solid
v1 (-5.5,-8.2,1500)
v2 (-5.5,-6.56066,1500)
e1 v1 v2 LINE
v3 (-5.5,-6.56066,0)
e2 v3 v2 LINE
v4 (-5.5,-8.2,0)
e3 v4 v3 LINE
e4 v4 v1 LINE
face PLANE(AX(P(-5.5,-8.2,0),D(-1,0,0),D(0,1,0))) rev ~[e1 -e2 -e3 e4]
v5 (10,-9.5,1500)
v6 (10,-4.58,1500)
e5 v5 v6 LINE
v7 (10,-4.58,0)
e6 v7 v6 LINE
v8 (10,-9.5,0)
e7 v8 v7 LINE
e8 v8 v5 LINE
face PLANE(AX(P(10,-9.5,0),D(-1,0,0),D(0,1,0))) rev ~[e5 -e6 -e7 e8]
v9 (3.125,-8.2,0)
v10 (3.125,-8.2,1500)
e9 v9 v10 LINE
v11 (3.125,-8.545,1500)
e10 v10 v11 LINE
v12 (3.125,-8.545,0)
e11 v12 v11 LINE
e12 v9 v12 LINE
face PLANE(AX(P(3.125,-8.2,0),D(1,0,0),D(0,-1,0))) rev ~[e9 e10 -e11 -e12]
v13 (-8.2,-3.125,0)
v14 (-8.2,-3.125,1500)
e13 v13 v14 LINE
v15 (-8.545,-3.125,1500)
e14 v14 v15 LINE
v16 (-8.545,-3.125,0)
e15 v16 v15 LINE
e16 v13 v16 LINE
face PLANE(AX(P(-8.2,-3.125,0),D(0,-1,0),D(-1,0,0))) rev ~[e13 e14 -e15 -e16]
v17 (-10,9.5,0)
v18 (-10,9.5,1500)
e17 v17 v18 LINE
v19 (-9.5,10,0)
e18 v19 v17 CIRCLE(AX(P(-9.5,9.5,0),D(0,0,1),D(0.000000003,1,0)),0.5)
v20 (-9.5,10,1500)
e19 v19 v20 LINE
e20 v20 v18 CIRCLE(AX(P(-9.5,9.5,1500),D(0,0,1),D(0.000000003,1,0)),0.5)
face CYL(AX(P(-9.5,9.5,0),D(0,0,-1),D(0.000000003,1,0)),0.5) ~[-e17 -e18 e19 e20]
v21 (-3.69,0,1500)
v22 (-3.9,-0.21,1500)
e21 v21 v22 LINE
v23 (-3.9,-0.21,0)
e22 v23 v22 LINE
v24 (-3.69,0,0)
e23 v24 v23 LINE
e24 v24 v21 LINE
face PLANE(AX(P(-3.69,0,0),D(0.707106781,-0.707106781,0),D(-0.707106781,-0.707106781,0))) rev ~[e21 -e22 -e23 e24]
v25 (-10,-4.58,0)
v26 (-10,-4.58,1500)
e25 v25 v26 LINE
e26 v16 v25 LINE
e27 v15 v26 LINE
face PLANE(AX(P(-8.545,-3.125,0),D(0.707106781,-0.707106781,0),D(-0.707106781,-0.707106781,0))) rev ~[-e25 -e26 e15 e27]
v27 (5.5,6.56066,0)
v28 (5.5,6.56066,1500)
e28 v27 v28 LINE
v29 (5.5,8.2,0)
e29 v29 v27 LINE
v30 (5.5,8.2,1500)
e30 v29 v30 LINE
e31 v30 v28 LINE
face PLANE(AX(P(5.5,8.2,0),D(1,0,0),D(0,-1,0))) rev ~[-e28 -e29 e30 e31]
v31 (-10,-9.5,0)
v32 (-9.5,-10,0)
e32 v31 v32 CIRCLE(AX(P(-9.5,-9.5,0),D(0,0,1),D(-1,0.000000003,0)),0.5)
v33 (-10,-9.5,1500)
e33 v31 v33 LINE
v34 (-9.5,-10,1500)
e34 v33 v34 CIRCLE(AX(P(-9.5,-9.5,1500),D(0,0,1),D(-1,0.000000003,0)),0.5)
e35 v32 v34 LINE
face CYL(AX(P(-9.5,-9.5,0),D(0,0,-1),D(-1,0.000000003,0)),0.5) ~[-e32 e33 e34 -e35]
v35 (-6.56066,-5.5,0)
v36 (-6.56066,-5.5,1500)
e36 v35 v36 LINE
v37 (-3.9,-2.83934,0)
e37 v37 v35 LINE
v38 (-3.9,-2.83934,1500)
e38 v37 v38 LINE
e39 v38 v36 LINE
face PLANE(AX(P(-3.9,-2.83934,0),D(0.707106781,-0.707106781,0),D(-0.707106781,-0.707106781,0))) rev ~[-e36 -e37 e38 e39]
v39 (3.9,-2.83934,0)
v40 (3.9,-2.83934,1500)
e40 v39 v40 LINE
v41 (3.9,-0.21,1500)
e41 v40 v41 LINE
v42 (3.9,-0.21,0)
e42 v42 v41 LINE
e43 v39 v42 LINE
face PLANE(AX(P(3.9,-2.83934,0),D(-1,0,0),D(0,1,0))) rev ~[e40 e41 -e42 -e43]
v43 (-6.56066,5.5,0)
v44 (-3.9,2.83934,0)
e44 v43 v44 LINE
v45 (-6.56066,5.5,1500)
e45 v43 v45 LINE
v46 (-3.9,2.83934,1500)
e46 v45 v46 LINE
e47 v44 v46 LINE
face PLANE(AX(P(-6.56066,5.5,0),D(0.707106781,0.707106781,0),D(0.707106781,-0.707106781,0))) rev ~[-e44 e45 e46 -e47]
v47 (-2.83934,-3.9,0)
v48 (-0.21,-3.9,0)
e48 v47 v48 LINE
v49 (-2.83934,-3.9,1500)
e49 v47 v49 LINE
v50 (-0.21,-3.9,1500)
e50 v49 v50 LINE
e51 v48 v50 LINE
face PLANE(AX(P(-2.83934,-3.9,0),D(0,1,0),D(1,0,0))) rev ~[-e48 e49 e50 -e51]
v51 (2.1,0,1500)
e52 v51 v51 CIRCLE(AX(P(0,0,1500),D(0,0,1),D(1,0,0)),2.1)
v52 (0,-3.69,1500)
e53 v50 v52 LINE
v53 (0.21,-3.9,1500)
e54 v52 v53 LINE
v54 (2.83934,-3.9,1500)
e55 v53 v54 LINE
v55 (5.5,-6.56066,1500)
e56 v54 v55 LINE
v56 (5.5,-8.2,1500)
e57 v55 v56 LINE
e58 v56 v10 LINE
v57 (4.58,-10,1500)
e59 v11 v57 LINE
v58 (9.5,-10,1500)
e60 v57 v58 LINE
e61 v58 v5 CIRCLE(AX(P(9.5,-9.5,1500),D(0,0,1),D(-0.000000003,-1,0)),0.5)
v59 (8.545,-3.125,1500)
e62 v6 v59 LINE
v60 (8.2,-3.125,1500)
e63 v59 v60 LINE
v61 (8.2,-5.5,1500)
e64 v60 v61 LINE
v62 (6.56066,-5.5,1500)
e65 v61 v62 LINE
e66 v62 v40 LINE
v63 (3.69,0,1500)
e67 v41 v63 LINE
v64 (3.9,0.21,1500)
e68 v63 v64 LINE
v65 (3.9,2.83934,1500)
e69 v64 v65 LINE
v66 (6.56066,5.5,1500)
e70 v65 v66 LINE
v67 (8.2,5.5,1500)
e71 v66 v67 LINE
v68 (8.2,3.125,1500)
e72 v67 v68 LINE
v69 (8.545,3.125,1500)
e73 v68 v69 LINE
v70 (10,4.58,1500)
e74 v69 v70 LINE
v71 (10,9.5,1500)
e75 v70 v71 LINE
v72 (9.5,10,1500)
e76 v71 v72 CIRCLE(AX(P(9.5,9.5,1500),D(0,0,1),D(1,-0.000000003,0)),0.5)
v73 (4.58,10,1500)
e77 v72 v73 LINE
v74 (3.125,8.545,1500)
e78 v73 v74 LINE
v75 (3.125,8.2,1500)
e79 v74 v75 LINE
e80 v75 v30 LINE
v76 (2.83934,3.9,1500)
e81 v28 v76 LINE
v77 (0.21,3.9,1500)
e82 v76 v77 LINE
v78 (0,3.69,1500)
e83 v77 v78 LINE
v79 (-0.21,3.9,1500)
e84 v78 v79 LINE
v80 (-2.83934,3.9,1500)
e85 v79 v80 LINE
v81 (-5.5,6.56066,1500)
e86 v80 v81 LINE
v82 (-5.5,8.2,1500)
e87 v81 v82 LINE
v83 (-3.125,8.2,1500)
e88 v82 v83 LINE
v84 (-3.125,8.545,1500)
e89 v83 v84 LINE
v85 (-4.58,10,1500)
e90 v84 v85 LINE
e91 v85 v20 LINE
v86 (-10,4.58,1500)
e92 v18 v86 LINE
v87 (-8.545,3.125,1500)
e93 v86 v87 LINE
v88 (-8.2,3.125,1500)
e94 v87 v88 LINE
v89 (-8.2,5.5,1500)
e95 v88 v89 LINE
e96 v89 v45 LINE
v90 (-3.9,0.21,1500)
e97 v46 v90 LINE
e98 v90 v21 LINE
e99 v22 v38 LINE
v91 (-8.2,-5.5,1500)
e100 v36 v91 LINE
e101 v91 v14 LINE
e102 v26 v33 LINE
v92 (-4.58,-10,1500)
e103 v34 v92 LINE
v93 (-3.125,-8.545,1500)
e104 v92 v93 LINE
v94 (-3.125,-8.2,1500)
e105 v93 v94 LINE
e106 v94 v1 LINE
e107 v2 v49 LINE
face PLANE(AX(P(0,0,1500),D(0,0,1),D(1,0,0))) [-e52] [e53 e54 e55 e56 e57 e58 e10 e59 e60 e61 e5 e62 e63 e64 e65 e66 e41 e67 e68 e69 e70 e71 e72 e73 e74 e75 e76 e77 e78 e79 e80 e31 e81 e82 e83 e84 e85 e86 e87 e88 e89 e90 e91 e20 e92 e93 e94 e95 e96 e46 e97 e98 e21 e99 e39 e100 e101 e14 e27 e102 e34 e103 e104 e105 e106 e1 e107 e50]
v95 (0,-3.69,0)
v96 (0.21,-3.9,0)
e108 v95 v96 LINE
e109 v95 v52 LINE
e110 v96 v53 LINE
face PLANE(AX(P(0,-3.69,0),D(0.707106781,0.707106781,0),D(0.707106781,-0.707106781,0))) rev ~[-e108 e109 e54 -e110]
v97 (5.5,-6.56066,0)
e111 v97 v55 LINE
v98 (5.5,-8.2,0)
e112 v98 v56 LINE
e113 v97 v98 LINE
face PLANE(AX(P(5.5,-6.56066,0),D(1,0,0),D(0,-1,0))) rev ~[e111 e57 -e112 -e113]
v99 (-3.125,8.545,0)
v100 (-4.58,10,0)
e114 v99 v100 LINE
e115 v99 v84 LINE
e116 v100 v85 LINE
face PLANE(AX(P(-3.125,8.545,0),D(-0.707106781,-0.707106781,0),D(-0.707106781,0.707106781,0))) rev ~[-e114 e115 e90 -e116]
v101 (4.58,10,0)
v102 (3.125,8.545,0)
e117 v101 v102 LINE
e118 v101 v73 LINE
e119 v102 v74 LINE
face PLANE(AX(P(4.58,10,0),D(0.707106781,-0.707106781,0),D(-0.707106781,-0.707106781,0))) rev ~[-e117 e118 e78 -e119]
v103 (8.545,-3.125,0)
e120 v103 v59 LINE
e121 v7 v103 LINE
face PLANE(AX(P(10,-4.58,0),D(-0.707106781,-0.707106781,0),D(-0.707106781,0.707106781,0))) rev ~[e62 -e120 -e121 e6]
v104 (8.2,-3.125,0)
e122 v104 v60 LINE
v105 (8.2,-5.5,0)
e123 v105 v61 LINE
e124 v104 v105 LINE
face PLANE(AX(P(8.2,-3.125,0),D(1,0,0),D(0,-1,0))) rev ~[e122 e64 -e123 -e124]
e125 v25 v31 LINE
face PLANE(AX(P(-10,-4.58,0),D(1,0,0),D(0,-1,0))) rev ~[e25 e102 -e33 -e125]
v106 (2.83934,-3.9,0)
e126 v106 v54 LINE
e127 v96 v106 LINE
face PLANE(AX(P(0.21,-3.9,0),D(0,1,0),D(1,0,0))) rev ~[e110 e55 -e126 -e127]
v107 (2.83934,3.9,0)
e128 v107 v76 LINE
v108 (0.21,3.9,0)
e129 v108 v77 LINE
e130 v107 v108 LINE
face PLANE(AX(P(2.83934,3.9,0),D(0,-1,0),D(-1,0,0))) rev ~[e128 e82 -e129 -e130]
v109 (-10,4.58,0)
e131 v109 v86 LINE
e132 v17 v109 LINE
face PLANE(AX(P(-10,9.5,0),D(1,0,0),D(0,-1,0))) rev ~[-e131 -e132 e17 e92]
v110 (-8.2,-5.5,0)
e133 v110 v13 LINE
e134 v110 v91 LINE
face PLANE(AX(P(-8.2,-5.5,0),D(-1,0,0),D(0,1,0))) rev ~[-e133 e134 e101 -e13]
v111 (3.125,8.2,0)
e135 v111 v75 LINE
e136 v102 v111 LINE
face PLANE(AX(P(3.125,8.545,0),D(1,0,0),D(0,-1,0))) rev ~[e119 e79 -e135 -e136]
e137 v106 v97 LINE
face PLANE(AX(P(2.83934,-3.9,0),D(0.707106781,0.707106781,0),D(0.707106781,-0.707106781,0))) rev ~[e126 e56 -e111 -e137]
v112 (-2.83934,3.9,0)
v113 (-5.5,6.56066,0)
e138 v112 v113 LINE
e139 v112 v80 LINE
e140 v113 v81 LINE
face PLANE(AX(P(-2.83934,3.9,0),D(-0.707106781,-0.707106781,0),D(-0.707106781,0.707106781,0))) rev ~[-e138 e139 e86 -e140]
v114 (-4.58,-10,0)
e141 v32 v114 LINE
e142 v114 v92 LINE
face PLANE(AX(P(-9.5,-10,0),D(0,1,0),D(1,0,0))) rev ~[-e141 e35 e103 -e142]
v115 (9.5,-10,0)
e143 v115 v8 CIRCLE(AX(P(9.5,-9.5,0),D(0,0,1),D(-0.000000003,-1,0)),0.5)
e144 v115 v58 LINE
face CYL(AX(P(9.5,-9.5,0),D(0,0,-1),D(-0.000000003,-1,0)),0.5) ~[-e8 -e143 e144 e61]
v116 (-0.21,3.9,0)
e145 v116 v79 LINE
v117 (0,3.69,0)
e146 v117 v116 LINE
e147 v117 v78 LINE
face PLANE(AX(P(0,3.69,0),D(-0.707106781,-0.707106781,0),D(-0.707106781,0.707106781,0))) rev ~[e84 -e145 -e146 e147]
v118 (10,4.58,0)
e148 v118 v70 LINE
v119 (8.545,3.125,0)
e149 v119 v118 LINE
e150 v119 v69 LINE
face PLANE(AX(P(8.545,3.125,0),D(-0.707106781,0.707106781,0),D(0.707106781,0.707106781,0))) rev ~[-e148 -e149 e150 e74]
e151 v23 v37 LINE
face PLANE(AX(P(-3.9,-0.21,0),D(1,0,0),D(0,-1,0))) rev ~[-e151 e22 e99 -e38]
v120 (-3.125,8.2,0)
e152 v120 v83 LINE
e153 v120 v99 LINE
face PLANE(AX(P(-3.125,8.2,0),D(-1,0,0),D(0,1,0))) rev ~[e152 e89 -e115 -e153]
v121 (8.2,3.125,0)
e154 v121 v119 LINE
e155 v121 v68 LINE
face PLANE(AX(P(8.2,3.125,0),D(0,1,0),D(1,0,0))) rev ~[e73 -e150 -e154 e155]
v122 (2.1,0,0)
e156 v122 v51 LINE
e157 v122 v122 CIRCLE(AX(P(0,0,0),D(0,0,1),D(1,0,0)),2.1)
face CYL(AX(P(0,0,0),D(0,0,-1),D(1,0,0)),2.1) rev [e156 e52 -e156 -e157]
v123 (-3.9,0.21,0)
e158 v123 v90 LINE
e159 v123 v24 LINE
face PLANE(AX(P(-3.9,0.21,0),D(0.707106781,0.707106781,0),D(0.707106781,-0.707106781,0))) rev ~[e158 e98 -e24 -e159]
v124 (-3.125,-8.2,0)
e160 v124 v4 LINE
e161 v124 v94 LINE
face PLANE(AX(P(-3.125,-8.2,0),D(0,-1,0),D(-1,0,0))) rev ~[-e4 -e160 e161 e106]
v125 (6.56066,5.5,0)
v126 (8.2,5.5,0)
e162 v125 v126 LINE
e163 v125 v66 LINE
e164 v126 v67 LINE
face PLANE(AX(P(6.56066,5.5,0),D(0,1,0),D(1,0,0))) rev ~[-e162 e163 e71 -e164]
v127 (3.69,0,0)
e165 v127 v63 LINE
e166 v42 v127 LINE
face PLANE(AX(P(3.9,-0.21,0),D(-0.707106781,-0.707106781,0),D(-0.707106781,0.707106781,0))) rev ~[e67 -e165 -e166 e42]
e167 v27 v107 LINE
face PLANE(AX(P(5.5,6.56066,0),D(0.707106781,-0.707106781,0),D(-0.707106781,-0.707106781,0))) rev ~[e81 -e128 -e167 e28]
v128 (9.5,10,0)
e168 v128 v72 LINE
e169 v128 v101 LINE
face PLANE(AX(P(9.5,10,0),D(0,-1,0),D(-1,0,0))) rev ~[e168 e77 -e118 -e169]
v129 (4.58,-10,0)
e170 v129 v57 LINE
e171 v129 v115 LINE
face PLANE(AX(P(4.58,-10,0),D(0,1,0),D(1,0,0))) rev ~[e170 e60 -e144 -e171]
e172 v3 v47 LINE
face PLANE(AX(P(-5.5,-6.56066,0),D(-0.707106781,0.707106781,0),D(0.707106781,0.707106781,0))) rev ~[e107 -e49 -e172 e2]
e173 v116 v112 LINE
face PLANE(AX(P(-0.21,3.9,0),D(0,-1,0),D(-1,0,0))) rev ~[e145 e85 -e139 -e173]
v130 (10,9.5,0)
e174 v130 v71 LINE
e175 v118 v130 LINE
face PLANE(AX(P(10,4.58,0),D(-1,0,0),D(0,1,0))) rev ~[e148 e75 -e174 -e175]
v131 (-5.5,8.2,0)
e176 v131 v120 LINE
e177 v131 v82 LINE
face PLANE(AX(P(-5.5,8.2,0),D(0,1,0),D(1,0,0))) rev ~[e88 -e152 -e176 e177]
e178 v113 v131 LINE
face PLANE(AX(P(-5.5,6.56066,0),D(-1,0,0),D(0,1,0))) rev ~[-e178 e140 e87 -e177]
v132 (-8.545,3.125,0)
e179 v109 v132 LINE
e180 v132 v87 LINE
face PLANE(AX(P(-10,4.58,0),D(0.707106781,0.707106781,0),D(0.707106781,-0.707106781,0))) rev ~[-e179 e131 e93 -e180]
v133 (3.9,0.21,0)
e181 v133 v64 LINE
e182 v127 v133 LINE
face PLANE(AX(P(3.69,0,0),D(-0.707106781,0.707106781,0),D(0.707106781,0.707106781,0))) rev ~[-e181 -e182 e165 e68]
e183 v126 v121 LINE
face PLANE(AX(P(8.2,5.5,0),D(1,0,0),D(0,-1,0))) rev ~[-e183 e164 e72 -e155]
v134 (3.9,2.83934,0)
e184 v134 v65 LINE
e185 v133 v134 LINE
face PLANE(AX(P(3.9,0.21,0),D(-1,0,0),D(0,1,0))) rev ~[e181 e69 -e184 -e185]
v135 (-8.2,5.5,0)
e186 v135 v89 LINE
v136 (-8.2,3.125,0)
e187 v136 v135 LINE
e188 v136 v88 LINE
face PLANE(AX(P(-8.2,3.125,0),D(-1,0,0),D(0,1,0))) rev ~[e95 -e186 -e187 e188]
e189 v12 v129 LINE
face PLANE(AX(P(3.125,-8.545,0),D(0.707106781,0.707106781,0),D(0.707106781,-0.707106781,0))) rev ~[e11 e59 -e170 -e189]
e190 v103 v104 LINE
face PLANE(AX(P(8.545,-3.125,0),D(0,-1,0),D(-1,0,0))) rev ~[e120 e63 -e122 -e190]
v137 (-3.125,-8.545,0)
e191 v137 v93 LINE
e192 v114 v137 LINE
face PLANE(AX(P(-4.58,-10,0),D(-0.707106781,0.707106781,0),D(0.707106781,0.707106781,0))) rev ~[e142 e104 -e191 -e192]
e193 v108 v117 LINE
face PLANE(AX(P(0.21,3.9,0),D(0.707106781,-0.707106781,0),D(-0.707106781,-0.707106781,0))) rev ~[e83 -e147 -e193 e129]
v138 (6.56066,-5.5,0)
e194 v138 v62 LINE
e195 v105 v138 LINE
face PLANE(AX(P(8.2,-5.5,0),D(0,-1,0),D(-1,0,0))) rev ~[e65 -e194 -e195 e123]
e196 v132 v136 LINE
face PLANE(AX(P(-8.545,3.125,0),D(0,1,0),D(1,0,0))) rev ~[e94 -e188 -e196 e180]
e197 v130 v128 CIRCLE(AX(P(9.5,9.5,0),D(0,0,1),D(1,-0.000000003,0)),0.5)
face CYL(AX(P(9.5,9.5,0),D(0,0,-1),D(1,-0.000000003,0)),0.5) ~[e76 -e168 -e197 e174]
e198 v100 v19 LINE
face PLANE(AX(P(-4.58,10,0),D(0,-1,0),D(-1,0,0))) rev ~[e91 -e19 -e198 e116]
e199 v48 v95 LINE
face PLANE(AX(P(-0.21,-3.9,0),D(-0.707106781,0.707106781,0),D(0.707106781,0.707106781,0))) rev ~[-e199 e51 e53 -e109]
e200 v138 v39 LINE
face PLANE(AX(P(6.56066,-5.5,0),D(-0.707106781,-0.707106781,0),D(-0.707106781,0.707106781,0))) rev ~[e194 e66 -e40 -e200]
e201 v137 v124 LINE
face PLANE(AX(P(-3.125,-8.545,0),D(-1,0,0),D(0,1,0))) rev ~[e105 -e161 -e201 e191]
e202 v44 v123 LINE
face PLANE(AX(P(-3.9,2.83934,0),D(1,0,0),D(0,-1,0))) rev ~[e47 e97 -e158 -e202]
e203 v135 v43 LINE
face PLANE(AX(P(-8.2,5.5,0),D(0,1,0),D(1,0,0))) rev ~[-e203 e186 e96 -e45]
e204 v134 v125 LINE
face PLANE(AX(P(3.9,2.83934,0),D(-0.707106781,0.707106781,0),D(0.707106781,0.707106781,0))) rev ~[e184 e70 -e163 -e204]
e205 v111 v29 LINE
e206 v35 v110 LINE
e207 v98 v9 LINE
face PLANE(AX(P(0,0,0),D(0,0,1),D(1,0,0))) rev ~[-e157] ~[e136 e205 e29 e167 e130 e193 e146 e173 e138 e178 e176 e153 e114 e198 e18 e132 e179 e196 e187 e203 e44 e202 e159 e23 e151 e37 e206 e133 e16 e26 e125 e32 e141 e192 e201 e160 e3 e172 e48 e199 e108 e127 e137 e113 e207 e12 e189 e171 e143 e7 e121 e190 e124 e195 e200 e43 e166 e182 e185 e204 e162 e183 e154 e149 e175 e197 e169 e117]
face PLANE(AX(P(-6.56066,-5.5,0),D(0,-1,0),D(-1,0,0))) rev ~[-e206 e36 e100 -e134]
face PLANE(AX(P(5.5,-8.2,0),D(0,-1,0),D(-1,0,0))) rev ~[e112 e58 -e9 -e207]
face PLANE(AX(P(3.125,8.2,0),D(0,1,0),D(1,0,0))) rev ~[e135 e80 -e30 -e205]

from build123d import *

# Parameters (mm, degrees)
SKETCH1_R           = 2.1
BOSS_EXTRUDE1_DEPTH = 1500


with BuildPart() as part:
    # Sketch1 → Boss-Extrude1 (new body)
    with BuildSketch(Plane.XY):
        with BuildLine():
            Line((4.58, -10), (9.5, -10))
            ThreePointArc((9.5, -10), (9.853553391, -9.853553391), (10, -9.5))
            Line((10, -9.5), (10, -4.58))
            Line((10, -4.58), (8.545, -3.125))
            Line((8.545, -3.125), (8.2, -3.125))
            Line((8.2, -3.125), (8.2, -5.5))
            Line((8.2, -5.5), (6.560660172, -5.5))
            Line((6.560660172, -5.5), (3.9, -2.839339828))
            Line((3.9, -2.839339828), (3.9, -0.21))
            Line((3.9, -0.21), (3.69, 0))
            Line((3.69, 0), (3.9, 0.21))
            Line((3.9, 0.21), (3.9, 2.839339828))
            Line((3.9, 2.839339828), (6.560660172, 5.5))
            Line((6.560660172, 5.5), (8.2, 5.5))
            Line((8.2, 5.5), (8.2, 3.125))
            Line((8.2, 3.125), (8.545, 3.125))
            Line((8.545, 3.125), (10, 4.58))
            Line((10, 4.58), (10, 9.5))
            ThreePointArc((10, 9.5), (9.853553391, 9.853553391), (9.5, 10))
            Line((9.5, 10), (4.58, 10))
            Line((4.58, 10), (3.125, 8.545))
            Line((3.125, 8.545), (3.125, 8.2))
            Line((3.125, 8.2), (5.5, 8.2))
            Line((5.5, 8.2), (5.5, 6.560660172))
            Line((5.5, 6.560660172), (2.839339828, 3.9))
            Line((2.839339828, 3.9), (0.21, 3.9))
            Line((0.21, 3.9), (0, 3.69))
            Line((0, 3.69), (-0.21, 3.9))
            Line((-0.21, 3.9), (-2.839339828, 3.9))
            Line((-2.839339828, 3.9), (-5.5, 6.560660172))
            Line((-5.5, 6.560660172), (-5.5, 8.2))
            Line((-5.5, 8.2), (-3.125, 8.2))
            Line((-3.125, 8.2), (-3.125, 8.545))
            Line((-3.125, 8.545), (-4.58, 10))
            Line((-4.58, 10), (-9.5, 10))
            ThreePointArc((-9.5, 10), (-9.853553391, 9.853553391), (-10, 9.5))
            Line((-10, 9.5), (-10, 4.58))
            Line((-10, 4.58), (-8.545, 3.125))
            Line((-8.545, 3.125), (-8.2, 3.125))
            Line((-8.2, 3.125), (-8.2, 5.5))
            Line((-8.2, 5.5), (-6.560660172, 5.5))
            Line((-6.560660172, 5.5), (-3.9, 2.839339828))
            Line((-3.9, 2.839339828), (-3.9, 0.21))
            Line((-3.9, 0.21), (-3.69, 0))
            Line((-3.69, 0), (-3.9, -0.21))
            Line((-3.9, -0.21), (-3.9, -2.839339828))
            Line((-3.9, -2.839339828), (-6.560660172, -5.5))
            Line((-6.560660172, -5.5), (-8.2, -5.5))
            Line((-8.2, -5.5), (-8.2, -3.125))
            Line((-8.2, -3.125), (-8.545, -3.125))
            Line((-8.545, -3.125), (-10, -4.58))
            Line((-10, -4.58), (-10, -9.5))
            ThreePointArc((-10, -9.5), (-9.853553391, -9.853553391), (-9.5, -10))
            Line((-9.5, -10), (-4.58, -10))
            Line((-4.58, -10), (-3.125, -8.545))
            Line((-3.125, -8.545), (-3.125, -8.2))
            Line((-3.125, -8.2), (-5.5, -8.2))
            Line((-5.5, -8.2), (-5.5, -6.560660172))
            Line((-5.5, -6.560660172), (-2.839339828, -3.9))
            Line((-2.839339828, -3.9), (-0.21, -3.9))
            Line((-0.21, -3.9), (0, -3.69))
            Line((0, -3.69), (0.21, -3.9))
            Line((0.21, -3.9), (2.839339828, -3.9))
            Line((2.839339828, -3.9), (5.5, -6.560660172))
            Line((5.5, -6.560660172), (5.5, -8.2))
            Line((5.5, -8.2), (3.125, -8.2))
            Line((3.125, -8.2), (3.125, -8.545))
            Line((3.125, -8.545), (4.58, -10))
        make_face()
        Circle(SKETCH1_R, mode=Mode.SUBTRACT)
    extrude(amount=BOSS_EXTRUDE1_DEPTH)


solid = part.part
